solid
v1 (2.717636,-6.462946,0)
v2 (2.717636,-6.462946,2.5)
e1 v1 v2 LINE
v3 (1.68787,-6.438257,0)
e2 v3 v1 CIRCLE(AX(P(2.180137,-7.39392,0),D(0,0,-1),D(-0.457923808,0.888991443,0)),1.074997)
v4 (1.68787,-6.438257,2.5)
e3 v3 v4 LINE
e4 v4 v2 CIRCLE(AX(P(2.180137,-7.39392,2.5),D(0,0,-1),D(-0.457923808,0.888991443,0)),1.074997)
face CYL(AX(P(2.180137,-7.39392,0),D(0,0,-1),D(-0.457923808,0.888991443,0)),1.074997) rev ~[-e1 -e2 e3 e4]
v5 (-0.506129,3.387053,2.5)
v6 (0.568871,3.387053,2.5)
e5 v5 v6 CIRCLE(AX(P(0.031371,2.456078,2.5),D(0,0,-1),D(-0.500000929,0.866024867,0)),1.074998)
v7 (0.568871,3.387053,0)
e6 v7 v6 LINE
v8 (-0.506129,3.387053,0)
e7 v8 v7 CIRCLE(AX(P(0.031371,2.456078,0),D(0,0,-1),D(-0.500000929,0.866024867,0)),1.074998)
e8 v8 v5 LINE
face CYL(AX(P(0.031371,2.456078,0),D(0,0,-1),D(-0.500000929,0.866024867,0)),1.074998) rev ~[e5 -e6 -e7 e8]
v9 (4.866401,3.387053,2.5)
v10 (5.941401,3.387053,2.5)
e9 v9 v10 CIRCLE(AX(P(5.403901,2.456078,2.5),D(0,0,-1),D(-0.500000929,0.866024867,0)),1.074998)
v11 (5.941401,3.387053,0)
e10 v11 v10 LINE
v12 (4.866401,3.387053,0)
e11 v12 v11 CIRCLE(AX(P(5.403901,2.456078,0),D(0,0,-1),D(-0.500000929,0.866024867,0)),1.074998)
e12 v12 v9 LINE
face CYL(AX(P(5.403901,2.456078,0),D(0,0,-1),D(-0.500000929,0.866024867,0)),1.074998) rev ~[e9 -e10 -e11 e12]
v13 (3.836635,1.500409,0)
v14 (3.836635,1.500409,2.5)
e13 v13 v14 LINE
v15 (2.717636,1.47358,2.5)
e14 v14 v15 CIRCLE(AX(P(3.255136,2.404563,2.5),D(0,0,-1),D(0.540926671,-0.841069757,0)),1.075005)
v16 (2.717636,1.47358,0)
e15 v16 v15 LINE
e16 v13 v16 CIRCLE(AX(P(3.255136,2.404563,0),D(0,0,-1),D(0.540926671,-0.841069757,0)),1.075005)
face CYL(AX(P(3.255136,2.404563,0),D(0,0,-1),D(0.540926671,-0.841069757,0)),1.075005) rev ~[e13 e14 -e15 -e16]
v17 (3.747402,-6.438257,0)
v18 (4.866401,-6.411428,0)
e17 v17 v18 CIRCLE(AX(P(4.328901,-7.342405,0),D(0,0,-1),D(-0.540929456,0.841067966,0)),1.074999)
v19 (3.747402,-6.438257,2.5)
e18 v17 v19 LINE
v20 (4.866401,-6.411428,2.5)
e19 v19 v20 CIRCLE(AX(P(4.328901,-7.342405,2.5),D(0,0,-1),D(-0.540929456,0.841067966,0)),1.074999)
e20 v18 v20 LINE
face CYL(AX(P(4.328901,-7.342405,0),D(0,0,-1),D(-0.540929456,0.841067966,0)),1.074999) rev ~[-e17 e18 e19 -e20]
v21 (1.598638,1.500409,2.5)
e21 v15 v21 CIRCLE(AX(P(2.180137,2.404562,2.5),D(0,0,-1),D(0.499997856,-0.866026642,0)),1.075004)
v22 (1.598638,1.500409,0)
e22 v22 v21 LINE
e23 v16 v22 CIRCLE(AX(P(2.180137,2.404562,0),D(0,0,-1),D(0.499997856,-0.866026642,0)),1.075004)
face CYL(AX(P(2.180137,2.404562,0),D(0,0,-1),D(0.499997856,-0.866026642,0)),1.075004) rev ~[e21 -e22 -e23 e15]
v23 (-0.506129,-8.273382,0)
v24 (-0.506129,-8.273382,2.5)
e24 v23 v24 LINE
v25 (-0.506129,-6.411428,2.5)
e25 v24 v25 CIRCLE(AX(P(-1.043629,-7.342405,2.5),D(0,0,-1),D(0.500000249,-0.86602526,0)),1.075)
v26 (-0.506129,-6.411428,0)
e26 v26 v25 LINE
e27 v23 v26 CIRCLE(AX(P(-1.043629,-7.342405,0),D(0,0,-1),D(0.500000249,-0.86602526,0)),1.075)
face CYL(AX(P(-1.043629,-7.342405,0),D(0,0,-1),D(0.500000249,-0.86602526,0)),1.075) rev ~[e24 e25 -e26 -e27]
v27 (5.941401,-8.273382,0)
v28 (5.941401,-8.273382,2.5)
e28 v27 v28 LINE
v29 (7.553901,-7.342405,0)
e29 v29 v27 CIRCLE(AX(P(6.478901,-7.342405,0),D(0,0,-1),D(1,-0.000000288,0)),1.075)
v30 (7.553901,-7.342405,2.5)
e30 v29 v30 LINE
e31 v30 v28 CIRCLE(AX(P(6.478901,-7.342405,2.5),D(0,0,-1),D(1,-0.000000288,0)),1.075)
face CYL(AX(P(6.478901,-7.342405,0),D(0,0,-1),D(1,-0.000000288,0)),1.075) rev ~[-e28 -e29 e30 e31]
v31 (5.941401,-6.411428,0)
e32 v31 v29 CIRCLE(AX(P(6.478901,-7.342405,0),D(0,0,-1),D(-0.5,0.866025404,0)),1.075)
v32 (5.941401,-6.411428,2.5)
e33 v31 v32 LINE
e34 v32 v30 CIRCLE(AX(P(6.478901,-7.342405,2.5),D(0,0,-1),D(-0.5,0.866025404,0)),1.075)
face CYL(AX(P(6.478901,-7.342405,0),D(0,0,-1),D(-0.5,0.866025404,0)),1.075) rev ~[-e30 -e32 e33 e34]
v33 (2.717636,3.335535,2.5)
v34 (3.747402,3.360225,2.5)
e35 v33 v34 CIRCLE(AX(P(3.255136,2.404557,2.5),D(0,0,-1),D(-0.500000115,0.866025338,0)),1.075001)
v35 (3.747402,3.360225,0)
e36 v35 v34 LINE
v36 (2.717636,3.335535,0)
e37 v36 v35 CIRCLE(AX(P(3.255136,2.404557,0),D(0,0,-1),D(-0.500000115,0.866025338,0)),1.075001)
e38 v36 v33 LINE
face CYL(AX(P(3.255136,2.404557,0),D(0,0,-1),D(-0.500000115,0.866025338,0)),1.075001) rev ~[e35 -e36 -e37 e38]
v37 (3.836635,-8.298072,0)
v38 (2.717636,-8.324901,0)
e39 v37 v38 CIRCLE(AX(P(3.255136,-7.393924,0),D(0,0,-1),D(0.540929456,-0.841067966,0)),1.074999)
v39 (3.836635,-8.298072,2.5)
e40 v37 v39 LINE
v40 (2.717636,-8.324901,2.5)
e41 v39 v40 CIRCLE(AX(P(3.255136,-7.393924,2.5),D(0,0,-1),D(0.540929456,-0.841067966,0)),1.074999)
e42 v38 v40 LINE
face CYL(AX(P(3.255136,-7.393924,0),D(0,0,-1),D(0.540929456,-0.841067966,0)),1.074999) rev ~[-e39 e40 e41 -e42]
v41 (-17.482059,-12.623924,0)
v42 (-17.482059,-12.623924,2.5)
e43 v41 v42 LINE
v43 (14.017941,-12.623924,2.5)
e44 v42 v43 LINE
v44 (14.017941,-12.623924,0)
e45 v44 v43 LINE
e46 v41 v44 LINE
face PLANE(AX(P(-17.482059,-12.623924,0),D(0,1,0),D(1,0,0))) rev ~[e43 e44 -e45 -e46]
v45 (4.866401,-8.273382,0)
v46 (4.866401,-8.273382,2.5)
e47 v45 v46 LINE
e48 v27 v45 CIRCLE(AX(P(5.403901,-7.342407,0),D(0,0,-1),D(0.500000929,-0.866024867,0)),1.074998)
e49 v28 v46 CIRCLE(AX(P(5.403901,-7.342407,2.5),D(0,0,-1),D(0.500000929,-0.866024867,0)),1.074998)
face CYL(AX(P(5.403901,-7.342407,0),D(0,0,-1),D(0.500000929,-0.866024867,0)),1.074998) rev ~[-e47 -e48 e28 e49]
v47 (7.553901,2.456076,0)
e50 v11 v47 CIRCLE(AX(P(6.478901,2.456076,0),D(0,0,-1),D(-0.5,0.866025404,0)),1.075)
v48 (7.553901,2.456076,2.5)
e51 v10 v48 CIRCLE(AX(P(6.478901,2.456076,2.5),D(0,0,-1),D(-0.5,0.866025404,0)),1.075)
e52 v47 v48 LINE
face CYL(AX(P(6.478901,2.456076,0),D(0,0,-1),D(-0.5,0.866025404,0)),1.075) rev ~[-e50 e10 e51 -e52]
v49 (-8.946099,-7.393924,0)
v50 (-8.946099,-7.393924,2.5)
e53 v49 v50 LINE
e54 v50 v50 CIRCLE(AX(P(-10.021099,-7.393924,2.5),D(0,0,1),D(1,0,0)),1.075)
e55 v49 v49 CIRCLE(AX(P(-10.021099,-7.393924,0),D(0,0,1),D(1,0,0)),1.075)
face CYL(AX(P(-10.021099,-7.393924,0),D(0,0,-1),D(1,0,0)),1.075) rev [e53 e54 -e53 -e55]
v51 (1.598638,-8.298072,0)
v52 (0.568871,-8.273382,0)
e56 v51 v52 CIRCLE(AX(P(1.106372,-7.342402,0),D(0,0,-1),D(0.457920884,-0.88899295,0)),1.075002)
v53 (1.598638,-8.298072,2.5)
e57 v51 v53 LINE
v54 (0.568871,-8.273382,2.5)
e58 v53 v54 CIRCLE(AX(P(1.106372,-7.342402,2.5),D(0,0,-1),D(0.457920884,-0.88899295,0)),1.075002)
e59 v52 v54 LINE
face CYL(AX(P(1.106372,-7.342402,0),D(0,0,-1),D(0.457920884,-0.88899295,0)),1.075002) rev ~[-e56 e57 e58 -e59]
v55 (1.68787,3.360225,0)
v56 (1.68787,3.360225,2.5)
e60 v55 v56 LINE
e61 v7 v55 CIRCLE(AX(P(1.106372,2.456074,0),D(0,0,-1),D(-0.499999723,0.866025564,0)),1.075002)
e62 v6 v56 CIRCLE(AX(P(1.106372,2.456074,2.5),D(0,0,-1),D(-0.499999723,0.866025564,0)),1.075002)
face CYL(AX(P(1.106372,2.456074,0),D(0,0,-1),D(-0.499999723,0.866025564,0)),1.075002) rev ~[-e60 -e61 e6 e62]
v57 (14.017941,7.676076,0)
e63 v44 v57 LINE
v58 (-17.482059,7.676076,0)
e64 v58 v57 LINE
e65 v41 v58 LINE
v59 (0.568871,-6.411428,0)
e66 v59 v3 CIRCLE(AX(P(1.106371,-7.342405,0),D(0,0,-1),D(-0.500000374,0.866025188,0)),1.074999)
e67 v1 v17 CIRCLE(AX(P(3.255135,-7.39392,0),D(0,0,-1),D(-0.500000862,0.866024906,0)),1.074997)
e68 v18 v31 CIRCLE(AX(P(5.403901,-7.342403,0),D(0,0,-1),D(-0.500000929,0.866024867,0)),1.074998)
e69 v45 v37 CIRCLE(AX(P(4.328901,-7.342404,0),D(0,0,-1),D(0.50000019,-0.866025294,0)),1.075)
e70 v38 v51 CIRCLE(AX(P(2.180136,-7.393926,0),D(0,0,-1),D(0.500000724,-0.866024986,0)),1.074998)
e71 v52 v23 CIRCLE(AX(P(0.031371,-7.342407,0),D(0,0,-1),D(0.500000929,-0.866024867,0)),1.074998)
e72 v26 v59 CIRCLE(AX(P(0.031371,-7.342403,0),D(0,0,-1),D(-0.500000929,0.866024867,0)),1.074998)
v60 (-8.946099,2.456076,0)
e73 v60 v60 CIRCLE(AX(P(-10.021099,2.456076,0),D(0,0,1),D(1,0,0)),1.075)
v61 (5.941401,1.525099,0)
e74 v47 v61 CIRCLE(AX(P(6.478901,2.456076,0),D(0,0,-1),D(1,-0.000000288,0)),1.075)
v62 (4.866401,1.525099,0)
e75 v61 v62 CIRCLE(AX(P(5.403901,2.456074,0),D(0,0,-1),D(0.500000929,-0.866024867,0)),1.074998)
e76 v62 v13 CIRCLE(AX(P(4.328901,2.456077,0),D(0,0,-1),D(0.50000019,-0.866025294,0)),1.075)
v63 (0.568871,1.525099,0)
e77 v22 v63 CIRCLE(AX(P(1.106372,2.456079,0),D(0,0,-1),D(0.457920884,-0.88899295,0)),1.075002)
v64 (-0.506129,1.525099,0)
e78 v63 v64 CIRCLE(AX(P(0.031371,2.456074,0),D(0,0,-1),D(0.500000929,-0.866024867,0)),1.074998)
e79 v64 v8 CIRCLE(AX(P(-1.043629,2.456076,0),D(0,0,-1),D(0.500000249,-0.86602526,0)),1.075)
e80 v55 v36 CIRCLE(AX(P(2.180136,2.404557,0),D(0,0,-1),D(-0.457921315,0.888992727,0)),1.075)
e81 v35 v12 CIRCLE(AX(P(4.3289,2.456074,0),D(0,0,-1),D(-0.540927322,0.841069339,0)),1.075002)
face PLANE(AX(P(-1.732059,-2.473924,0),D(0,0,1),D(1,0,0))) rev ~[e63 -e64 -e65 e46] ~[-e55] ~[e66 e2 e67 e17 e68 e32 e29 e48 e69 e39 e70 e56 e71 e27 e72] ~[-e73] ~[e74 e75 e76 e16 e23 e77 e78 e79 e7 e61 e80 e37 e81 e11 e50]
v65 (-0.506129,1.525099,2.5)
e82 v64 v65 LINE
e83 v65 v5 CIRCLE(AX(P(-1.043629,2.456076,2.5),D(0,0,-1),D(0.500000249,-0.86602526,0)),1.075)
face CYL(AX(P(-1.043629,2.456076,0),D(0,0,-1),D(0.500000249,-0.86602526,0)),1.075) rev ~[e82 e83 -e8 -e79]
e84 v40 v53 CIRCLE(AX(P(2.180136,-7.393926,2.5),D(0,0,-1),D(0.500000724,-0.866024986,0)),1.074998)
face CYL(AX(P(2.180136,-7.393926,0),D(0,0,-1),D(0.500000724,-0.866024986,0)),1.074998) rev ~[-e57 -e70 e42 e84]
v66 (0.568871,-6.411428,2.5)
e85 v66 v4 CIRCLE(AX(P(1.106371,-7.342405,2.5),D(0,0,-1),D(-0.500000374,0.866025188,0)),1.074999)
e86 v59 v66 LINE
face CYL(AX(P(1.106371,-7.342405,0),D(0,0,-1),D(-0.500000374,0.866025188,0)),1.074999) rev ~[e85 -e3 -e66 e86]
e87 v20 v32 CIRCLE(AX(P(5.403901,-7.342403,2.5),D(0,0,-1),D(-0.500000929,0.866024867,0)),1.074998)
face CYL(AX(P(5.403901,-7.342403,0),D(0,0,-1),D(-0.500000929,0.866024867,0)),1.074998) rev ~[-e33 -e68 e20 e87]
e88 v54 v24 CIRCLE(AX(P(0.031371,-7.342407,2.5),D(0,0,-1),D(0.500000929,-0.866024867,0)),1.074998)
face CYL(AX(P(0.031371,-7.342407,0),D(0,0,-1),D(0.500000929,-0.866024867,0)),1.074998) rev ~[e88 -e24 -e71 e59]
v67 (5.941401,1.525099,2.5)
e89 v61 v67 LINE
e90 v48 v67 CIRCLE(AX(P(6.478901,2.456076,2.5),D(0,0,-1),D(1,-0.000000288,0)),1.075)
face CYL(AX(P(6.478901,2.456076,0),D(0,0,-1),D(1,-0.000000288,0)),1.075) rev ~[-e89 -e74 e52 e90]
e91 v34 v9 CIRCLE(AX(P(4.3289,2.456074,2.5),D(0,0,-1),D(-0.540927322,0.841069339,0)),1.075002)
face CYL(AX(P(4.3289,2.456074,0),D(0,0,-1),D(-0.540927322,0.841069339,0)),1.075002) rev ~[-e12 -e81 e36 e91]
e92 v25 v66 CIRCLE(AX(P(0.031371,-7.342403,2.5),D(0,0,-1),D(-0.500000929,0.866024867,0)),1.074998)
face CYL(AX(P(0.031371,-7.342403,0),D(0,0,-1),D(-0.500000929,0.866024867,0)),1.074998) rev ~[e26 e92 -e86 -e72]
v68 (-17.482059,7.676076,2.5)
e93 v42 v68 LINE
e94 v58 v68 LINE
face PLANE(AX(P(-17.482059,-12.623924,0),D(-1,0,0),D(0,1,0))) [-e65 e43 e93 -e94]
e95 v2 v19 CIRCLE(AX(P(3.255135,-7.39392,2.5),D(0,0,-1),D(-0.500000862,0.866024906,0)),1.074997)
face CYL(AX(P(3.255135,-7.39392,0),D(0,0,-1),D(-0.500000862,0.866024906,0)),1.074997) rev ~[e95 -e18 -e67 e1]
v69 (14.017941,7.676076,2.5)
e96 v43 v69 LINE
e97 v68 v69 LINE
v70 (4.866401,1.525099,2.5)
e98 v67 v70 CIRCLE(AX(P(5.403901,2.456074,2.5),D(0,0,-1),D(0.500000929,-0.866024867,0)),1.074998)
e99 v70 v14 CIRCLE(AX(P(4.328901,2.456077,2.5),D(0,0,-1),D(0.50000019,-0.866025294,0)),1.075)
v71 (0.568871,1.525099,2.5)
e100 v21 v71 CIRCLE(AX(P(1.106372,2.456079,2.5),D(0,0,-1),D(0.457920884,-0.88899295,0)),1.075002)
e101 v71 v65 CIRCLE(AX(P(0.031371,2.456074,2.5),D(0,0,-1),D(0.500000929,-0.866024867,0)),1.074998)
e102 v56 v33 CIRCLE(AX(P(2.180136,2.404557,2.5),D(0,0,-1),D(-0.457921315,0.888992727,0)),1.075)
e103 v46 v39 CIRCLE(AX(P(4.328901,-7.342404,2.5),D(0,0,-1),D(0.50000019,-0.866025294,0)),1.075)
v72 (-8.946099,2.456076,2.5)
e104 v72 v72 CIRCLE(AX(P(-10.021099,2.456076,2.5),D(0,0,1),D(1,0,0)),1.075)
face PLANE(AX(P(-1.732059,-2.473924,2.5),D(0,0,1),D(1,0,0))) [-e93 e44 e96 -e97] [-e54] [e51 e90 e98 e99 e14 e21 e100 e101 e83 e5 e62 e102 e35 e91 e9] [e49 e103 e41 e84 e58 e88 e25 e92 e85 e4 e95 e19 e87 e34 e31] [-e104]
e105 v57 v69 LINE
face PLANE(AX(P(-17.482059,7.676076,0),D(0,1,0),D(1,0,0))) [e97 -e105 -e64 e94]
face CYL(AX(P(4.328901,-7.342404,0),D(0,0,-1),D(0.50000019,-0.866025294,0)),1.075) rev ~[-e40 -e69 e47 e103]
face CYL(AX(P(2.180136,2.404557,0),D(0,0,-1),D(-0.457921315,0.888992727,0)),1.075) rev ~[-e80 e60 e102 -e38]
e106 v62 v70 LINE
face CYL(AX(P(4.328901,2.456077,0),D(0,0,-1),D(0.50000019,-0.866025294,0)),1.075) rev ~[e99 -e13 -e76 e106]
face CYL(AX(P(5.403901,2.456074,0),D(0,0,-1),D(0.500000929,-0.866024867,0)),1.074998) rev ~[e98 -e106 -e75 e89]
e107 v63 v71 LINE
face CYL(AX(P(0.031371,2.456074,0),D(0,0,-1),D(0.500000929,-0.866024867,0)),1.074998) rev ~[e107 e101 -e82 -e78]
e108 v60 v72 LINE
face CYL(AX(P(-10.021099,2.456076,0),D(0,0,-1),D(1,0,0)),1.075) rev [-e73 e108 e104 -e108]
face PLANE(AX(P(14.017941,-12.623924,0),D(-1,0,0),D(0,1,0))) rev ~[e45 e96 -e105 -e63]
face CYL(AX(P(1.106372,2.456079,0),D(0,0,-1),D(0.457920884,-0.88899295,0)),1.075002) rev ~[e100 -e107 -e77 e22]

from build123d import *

# Parameters (mm, degrees)
F0_W     = 31.5
F0_H     = 20.3
F0_R     = 1.075
F1_DEPTH = 2.5


with BuildPart() as f1:
    # F0 (on Top) → F1 (new body)
    with BuildSketch(Plane.XY):
        with Locations((-1.732059, -2.473924)):
            Rectangle(F0_W, F0_H)
        with Locations((-10.021099, -7.393924)):
            Circle(F0_R, mode=Mode.SUBTRACT)
        with BuildLine():
            ThreePointArc((5.941401, -6.411428), (7.016401, -6.411428), (7.553901, -7.342405))
            ThreePointArc((7.553901, -7.342405), (7.016401, -8.273382), (5.941401, -8.273382))
            ThreePointArc((5.941401, -8.273382), (5.403901, -8.417405), (4.866401, -8.273382))
            ThreePointArc((4.866401, -8.273382), (4.354668, -8.417096), (3.836635, -8.298072))
            ThreePointArc((3.836635, -8.298072), (3.280903, -8.468615), (2.717636, -8.324901))
            ThreePointArc((2.717636, -8.324901), (2.15437, -8.468615), (1.598638, -8.298072))
            ThreePointArc((1.598638, -8.298072), (1.080605, -8.417096), (0.568871, -8.273382))
            ThreePointArc((0.568871, -8.273382), (0.031371, -8.417405), (-0.506129, -8.273382))
            ThreePointArc((-0.506129, -8.273382), (-2.118629, -7.342405), (-0.506129, -6.411428))
            ThreePointArc((-0.506129, -6.411428), (0.031371, -6.267405), (0.568871, -6.411428))
            ThreePointArc((0.568871, -6.411428), (1.132138, -6.267714), (1.68787, -6.438257))
            ThreePointArc((1.68787, -6.438257), (2.205903, -6.319232), (2.717636, -6.462946))
            ThreePointArc((2.717636, -6.462946), (3.22937, -6.319232), (3.747402, -6.438257))
            ThreePointArc((3.747402, -6.438257), (4.303134, -6.267714), (4.866401, -6.411428))
            ThreePointArc((4.866401, -6.411428), (5.403901, -6.267405), (5.941401, -6.411428))
        make_face(mode=Mode.SUBTRACT)
        with Locations((-10.021099, 2.456076)):
            Circle(F0_R, mode=Mode.SUBTRACT)
        with BuildLine():
            ThreePointArc((5.941401, 3.387053), (7.016401, 3.387053), (7.553901, 2.456076))
            ThreePointArc((7.553901, 2.456076), (7.016401, 1.525099), (5.941401, 1.525099))
            ThreePointArc((5.941401, 1.525099), (5.403901, 1.381076), (4.866401, 1.525099))
            ThreePointArc((4.866401, 1.525099), (4.354668, 1.381385), (3.836635, 1.500409))
            ThreePointArc((3.836635, 1.500409), (3.280903, 1.329867), (2.717636, 1.47358))
            ThreePointArc((2.717636, 1.47358), (2.15437, 1.329867), (1.598638, 1.500409))
            ThreePointArc((1.598638, 1.500409), (1.080605, 1.381385), (0.568871, 1.525099))
            ThreePointArc((0.568871, 1.525099), (0.031371, 1.381076), (-0.506129, 1.525099))
            ThreePointArc((-0.506129, 1.525099), (-2.118629, 2.456076), (-0.506129, 3.387053))
            ThreePointArc((-0.506129, 3.387053), (0.031371, 3.531076), (0.568871, 3.387053))
            ThreePointArc((0.568871, 3.387053), (1.132138, 3.530767), (1.68787, 3.360225))
            ThreePointArc((1.68787, 3.360225), (2.205903, 3.479249), (2.717636, 3.335535))
            ThreePointArc((2.717636, 3.335535), (3.22937, 3.479249), (3.747402, 3.360225))
            ThreePointArc((3.747402, 3.360225), (4.303134, 3.530767), (4.866401, 3.387053))
            ThreePointArc((4.866401, 3.387053), (5.403901, 3.531076), (5.941401, 3.387053))
        make_face(mode=Mode.SUBTRACT)
    extrude(amount=F1_DEPTH)


solid = f1.part
